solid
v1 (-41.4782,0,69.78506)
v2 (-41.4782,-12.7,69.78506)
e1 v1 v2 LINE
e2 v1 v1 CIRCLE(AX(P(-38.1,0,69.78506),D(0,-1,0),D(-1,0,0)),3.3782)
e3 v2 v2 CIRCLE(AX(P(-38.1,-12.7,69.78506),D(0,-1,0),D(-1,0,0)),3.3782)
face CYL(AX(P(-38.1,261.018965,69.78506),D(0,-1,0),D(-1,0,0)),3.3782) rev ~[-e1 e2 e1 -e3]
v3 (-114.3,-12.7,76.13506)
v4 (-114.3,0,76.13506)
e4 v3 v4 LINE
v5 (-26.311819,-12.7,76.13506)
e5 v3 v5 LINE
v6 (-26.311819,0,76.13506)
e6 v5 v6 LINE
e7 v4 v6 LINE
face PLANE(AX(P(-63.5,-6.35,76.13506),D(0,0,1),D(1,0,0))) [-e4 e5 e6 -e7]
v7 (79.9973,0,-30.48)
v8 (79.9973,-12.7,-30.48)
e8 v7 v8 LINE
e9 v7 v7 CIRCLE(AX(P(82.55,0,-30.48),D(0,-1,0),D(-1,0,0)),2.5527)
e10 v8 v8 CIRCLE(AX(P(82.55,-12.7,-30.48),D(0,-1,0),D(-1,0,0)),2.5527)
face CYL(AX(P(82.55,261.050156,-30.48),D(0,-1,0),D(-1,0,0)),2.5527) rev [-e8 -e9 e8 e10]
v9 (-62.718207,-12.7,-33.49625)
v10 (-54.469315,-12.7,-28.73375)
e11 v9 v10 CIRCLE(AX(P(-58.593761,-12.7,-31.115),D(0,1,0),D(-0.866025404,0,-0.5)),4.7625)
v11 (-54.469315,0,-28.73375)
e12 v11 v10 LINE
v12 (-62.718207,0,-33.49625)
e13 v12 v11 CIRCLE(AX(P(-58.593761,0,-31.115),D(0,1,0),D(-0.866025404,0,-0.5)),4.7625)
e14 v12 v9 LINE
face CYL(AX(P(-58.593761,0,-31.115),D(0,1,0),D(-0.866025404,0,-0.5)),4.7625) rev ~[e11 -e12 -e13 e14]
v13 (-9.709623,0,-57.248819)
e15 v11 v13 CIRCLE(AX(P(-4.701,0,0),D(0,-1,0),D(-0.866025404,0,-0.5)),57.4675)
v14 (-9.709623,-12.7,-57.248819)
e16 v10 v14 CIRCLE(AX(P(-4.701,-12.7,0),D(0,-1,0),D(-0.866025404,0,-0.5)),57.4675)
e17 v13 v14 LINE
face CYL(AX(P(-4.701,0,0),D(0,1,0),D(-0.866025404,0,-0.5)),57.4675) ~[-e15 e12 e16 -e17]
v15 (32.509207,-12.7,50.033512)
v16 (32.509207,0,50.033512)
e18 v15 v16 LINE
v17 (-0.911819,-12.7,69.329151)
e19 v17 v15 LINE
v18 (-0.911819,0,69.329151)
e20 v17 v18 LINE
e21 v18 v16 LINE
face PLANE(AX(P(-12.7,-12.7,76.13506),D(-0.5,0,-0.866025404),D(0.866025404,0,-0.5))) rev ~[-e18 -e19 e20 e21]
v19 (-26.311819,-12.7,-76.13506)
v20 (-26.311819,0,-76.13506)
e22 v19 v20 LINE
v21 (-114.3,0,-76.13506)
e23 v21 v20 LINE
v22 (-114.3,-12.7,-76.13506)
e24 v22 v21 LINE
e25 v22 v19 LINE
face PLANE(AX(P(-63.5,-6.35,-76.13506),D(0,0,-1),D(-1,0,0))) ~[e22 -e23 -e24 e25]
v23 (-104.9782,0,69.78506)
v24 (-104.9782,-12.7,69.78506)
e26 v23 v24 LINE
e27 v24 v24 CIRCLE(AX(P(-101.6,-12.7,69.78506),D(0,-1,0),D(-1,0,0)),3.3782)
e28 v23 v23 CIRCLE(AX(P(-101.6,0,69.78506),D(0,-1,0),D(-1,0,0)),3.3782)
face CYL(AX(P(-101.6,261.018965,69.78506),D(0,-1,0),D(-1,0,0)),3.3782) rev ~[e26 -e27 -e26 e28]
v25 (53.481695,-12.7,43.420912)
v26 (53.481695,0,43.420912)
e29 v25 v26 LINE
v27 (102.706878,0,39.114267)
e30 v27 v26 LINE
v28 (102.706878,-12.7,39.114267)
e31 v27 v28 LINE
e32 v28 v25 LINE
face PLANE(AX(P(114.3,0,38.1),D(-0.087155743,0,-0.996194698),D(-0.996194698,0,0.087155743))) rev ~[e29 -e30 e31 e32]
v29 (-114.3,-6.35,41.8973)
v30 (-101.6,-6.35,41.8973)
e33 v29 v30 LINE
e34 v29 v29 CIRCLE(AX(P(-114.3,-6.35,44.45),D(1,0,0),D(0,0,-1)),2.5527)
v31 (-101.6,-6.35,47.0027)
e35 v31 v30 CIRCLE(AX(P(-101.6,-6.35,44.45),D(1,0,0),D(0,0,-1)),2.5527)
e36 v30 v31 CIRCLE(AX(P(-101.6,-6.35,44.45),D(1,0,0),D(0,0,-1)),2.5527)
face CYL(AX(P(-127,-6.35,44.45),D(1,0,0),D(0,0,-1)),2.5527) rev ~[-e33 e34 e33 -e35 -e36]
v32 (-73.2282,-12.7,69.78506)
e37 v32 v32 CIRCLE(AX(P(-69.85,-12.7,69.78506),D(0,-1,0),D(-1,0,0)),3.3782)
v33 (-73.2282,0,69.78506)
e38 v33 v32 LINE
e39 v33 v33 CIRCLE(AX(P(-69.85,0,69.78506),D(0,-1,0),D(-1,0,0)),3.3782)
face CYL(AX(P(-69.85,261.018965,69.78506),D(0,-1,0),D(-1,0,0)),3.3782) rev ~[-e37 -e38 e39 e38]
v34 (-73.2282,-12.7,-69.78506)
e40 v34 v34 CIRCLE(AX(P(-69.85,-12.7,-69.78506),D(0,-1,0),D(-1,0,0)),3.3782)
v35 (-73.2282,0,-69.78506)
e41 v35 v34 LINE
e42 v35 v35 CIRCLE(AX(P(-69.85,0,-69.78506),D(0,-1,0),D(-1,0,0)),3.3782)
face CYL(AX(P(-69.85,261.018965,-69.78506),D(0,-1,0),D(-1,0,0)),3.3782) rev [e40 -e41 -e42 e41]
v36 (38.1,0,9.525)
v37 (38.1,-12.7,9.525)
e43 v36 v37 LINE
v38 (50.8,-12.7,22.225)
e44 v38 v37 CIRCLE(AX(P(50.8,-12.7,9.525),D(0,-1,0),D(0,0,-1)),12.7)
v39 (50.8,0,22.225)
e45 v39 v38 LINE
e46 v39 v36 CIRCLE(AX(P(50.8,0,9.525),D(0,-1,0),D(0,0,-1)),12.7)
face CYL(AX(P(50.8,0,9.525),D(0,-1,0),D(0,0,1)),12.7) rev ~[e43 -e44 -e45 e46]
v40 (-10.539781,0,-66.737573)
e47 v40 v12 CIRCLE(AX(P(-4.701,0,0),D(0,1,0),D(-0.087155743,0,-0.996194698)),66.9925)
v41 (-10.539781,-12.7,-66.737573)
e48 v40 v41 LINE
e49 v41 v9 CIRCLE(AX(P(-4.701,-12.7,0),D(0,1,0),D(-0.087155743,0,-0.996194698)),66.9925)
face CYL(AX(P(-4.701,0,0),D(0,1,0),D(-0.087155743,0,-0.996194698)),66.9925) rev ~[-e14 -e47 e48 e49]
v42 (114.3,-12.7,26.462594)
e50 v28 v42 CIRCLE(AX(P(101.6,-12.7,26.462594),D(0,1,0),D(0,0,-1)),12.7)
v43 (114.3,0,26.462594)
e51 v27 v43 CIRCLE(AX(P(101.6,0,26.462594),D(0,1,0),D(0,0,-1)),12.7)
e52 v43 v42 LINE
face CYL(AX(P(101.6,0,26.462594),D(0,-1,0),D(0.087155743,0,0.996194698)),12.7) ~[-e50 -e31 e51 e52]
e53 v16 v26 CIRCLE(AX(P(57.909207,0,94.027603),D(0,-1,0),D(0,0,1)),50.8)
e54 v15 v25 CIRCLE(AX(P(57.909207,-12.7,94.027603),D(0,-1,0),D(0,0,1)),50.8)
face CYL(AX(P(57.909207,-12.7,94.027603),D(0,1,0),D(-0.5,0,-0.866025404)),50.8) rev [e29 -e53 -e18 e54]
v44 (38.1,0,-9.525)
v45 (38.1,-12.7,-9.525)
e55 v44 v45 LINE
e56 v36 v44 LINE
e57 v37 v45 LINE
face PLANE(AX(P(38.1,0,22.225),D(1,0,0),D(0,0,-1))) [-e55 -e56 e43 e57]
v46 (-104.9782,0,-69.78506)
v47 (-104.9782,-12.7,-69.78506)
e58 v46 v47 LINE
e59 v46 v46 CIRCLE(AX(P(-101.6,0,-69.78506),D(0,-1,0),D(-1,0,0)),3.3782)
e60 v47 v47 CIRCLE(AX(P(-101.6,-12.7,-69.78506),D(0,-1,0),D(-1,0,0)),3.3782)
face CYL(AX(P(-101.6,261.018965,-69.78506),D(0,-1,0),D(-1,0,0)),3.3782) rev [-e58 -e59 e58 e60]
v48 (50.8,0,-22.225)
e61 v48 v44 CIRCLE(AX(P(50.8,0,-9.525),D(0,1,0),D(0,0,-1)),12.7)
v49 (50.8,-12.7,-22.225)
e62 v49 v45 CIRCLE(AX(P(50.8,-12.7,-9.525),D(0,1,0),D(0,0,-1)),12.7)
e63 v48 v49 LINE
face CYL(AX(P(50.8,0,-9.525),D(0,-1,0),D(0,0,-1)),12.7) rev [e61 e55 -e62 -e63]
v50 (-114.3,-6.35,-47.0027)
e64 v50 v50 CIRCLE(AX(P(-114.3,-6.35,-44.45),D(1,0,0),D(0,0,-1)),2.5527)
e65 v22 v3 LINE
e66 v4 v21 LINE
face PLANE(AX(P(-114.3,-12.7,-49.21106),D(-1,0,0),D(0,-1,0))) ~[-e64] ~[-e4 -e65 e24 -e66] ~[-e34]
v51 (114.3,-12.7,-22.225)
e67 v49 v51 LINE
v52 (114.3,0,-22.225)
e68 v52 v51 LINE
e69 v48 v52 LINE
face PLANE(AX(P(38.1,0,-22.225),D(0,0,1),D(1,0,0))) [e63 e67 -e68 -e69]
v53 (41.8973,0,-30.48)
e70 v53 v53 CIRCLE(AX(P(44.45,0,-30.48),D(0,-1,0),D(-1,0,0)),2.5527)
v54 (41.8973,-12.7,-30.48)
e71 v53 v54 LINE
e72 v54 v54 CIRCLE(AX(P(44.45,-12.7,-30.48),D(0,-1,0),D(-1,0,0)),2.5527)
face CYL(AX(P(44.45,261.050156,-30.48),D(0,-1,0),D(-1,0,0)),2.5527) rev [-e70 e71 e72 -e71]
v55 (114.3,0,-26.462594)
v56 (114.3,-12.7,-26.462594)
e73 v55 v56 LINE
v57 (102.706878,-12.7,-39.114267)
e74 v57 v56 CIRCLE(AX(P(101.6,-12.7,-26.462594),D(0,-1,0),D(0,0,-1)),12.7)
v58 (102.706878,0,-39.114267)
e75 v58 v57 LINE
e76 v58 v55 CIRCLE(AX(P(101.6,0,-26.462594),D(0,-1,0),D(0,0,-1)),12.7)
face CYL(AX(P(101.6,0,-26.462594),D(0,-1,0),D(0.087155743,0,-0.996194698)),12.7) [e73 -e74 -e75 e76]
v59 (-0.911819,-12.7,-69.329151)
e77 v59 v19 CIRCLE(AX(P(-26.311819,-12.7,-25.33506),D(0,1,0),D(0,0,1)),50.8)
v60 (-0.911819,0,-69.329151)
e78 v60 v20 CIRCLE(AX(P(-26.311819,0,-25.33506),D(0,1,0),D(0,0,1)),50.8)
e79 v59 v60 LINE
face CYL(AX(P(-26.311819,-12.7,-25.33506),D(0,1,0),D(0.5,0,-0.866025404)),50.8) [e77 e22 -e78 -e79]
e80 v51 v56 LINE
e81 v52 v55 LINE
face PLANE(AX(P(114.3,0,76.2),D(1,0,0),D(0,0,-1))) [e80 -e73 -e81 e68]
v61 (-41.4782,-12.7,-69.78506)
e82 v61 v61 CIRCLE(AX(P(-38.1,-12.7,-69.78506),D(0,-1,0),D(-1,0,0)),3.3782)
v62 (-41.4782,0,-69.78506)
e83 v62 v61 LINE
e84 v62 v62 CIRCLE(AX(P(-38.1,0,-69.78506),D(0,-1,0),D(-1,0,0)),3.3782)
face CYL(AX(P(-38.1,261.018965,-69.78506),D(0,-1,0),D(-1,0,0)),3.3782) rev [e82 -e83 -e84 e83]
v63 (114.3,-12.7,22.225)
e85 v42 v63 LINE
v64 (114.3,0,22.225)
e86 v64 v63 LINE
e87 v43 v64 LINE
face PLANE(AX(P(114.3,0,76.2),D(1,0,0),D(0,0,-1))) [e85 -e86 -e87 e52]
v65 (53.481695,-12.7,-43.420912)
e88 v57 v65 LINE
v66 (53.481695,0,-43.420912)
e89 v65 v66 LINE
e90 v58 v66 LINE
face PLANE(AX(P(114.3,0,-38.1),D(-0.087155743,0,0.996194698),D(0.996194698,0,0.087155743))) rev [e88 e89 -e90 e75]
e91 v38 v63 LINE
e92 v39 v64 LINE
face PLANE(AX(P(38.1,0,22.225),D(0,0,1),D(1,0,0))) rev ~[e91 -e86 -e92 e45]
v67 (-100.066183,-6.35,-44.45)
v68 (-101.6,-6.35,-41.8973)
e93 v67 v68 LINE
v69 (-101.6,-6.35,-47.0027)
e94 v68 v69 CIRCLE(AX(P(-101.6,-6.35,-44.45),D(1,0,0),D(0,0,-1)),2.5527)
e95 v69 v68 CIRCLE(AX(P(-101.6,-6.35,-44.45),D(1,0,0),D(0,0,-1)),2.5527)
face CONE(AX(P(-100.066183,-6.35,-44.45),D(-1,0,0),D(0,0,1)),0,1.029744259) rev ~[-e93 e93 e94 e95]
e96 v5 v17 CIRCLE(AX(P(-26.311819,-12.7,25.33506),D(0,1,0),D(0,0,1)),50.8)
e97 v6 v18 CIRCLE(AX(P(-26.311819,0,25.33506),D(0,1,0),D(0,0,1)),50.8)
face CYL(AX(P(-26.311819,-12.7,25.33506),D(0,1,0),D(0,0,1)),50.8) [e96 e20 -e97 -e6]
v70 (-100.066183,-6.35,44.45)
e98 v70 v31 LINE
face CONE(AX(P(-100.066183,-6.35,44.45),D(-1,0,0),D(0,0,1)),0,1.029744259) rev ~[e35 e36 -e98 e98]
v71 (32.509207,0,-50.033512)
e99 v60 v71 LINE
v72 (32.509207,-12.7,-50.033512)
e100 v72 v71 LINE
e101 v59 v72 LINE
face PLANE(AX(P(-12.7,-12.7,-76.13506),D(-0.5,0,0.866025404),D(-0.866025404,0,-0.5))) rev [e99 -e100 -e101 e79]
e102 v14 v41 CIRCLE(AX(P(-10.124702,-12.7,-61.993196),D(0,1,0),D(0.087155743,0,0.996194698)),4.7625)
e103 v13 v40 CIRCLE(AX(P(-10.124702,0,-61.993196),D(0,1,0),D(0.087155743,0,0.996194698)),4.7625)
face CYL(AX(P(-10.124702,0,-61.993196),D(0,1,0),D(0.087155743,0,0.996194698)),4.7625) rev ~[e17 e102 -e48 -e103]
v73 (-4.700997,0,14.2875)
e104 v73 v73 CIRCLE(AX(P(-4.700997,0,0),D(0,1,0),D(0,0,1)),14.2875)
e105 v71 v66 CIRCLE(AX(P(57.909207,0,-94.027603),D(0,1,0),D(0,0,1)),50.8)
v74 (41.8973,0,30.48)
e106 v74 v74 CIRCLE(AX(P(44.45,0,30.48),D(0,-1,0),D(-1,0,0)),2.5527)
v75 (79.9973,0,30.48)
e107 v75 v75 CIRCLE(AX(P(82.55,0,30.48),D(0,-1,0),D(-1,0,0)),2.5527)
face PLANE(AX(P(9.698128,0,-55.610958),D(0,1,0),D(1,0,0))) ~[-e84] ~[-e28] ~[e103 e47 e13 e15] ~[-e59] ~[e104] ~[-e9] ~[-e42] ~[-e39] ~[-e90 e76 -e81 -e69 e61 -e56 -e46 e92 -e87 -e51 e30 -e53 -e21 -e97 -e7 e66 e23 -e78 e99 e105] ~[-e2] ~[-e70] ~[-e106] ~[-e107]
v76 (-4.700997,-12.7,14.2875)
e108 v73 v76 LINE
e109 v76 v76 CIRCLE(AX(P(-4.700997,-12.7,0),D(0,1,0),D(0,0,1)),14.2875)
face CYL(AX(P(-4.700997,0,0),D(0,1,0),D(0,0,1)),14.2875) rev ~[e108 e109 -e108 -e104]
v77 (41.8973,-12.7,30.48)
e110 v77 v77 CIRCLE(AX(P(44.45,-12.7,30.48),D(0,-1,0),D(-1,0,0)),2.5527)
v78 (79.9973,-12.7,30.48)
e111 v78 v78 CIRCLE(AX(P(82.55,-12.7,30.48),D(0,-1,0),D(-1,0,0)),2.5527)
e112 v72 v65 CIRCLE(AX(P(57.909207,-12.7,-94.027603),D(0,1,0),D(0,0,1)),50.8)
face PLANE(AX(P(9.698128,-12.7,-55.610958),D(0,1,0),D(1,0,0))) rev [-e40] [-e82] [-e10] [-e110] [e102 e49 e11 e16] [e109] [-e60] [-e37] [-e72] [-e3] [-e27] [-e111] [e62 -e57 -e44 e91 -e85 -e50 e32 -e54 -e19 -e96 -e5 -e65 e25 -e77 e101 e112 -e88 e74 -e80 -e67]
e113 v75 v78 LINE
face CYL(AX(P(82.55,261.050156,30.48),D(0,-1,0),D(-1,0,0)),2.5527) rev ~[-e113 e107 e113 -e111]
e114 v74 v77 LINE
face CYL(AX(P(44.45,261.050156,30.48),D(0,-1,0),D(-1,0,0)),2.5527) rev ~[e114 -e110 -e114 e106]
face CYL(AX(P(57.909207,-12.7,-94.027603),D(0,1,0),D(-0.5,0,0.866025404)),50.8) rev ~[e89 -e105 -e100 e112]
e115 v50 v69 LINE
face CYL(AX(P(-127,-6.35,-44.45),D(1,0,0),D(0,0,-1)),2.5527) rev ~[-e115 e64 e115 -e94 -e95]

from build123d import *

# Parameters (mm, degrees)
SKETCH2_W                       = 228.6
SKETCH2_H                       = 152.4
BOSS_EXTRUDE1_DEPTH             = 12.7
SKETCH4_W                       = 76.2
SKETCH4_H                       = 44.45
CUT_EXTRUDE1_DEPTH              = 138.957312238
SKETCH5_R                       = 14.2875
CUT_EXTRUDE2_DEPTH              = 138.957312238
CUT_EXTRUDE4_DEPTH              = 138.957312238
TAP_DRILL_FOR_1_4_20_TAP2_D     = 5.1054
FILLET1_R                       = 12.7
TAP_DRILL_FOR_1_4_20_TAP1_D     = 5.1054
TAP_DRILL_FOR_1_4_20_TAP1_DEPTH = 12.7
TAP_DRILL_FOR_1_4_20_TAP1_TIP   = 1.533816902
SKETCH16_W                      = 101.6
SKETCH16_H                      = 12.7
BOSS_EXTRUDE2_DEPTH             = 26.924
BOSS_EXTRUDE3_DEPTH             = 12.7
F_1_4_CLEARANCE_HOLE2_D         = 6.7564
FILLET3_R                       = 50.8
CUT_EXTRUDE5_DEPTH              = 12.7


with BuildPart() as part:
    # Sketch2 → Boss-Extrude1 (new body)
    with BuildSketch(Plane(origin=(0, 0, 0), x_dir=(1, 0, 0), z_dir=(0, 1, 0))):
        Rectangle(SKETCH2_W, SKETCH2_H)
    extrude(amount=-BOSS_EXTRUDE1_DEPTH)

    # Sketch4 → Cut-Extrude1 (cut, through all)
    with BuildSketch(Plane(origin=(0, 0, 0), x_dir=(1, 0, 0), z_dir=(0, 1, 0))):
        with Locations((76.2, 0)):
            Rectangle(SKETCH4_W, SKETCH4_H)
    extrude(amount=-CUT_EXTRUDE1_DEPTH, mode=Mode.SUBTRACT)

    # Sketch5 → Cut-Extrude2 (cut, through all)
    with BuildSketch(Plane(origin=(0, 0, 0), x_dir=(1, 0, 0), z_dir=(0, 1, 0))):
        with Locations(Location((-4.700997292, 0, 0), (0, 0, 270))):
            Circle(SKETCH5_R)
    extrude(amount=-CUT_EXTRUDE2_DEPTH, mode=Mode.SUBTRACT)

    # Sketch8 → Cut-Extrude4 (cut, through all)
    with BuildSketch(Plane(origin=(0, 0, 0), x_dir=(1, 0, 0), z_dir=(0, 1, 0))):
        Polygon((114.3, -38.1), (-12.7, -49.211060268), (-114.3, -49.211060268), (-114.3, -76.2), (114.3, -76.2), align=None)
    cut_extrude4 = extrude(amount=-CUT_EXTRUDE4_DEPTH, mode=Mode.SUBTRACT)

    # Tap Drill for 1/4-20 Tap2 (through all)
    with Locations(Plane(origin=(0, 0, 0), x_dir=(1, 0, 0), z_dir=(0, 1, 0))):
        with Locations((82.55, -30.48), (44.45, -30.48)):
            tap_drill_for_1_4_20_tap2 = Hole(TAP_DRILL_FOR_1_4_20_TAP2_D / 2)

    # Mirror1: Cut-Extrude4, Tap Drill for 1/4-20 Tap2 across plane
    add(cut_extrude4.mirror(Plane.XY), mode=Mode.SUBTRACT)
    add(tap_drill_for_1_4_20_tap2.mirror(Plane.XY), mode=Mode.SUBTRACT)

    # Fillet1
    fillet1_edges = [part.edges().sort_by_distance(p)[0] for p in [
        (38.1, -6.35, 22.225),
        (38.1, -6.35, -22.225),
        (114.3, -6.35, 38.1),
        (114.3, -6.35, -38.1),
    ]]
    fillet(fillet1_edges, radius=FILLET1_R)

    # Tap Drill for 1/4-20 Tap1
    with Locations(Plane.ZY.offset(114.3)):
        with Locations((-44.45, -6.35), (44.45, -6.35)):
            Hole(TAP_DRILL_FOR_1_4_20_TAP1_D / 2, depth=TAP_DRILL_FOR_1_4_20_TAP1_DEPTH)
            with Locations((0, 0, -(TAP_DRILL_FOR_1_4_20_TAP1_DEPTH + TAP_DRILL_FOR_1_4_20_TAP1_TIP / 2))):  # 118° drill point
                Cone(0, TAP_DRILL_FOR_1_4_20_TAP1_D / 2, TAP_DRILL_FOR_1_4_20_TAP1_TIP, mode=Mode.SUBTRACT)

    # Sketch16 → Boss-Extrude2 (add)
    with BuildSketch(Plane.XY.offset(49.211060268)):
        with Locations((-63.5, -6.35)):
            Rectangle(SKETCH16_W, SKETCH16_H)
    boss_extrude2 = extrude(amount=BOSS_EXTRUDE2_DEPTH)

    # Sketch17 → Boss-Extrude3 (add)
    with BuildSketch(Plane.XZ.offset(12.7)):
        Polygon((-12.7, 76.135060268), (42.262462232, 44.402467903), (-12.7, 49.211060268), align=None)
    boss_extrude3 = extrude(amount=-BOSS_EXTRUDE3_DEPTH)

    # 1/4 Clearance Hole2 (through all)
    with Locations(Plane(origin=(0, 0, 0), x_dir=(1, 0, 0), z_dir=(0, 1, 0))):
        with Locations((-101.6, -69.785060268), (-69.85, -69.785060268), (-38.1, -69.785060268)):
            f_1_4_clearance_hole2 = Hole(F_1_4_CLEARANCE_HOLE2_D / 2)

    # Mirror2: Boss-Extrude2, Boss-Extrude3, 1/4 Clearance Hole2 across plane
    add(boss_extrude2.mirror(Plane.XY))
    add(boss_extrude3.mirror(Plane.XY))
    add(f_1_4_clearance_hole2.mirror(Plane.XY), mode=Mode.SUBTRACT)

    # Fillet3
    fillet3_edges = [part.edges().sort_by_distance(p)[0] for p in [
        (-12.7, -6.35, 76.135060268),
        (42.262462232, -6.35, 44.402467903),
        (-12.7, -6.35, -76.135060268),
        (42.262462232, -6.35, -44.402467903),
    ]]
    fillet(fillet3_edges, radius=FILLET3_R)

    # Sketch20 → Cut-Extrude5 (cut)
    with BuildSketch(Plane(origin=(0, 0, 0), x_dir=(1, 0, 0), z_dir=(0, 1, 0))):
        with BuildLine():
            ThreePointArc((-10.539781096, 66.737573312), (-40.696044012, 56.500901434), (-62.718206863, 33.49625))
            ThreePointArc((-62.718206863, 33.49625), (-60.975010878, 26.990554014), (-54.469314892, 28.73375))
            ThreePointArc((-54.469314892, 28.73375), (-35.578265243, 48.467597912), (-9.709622646, 57.248818813))
            ThreePointArc((-9.709622646, 57.248818813), (-5.380324622, 62.408275287), (-10.539781096, 66.737573312))
        make_face()
    extrude(amount=-CUT_EXTRUDE5_DEPTH, mode=Mode.SUBTRACT)


solid = part.part
